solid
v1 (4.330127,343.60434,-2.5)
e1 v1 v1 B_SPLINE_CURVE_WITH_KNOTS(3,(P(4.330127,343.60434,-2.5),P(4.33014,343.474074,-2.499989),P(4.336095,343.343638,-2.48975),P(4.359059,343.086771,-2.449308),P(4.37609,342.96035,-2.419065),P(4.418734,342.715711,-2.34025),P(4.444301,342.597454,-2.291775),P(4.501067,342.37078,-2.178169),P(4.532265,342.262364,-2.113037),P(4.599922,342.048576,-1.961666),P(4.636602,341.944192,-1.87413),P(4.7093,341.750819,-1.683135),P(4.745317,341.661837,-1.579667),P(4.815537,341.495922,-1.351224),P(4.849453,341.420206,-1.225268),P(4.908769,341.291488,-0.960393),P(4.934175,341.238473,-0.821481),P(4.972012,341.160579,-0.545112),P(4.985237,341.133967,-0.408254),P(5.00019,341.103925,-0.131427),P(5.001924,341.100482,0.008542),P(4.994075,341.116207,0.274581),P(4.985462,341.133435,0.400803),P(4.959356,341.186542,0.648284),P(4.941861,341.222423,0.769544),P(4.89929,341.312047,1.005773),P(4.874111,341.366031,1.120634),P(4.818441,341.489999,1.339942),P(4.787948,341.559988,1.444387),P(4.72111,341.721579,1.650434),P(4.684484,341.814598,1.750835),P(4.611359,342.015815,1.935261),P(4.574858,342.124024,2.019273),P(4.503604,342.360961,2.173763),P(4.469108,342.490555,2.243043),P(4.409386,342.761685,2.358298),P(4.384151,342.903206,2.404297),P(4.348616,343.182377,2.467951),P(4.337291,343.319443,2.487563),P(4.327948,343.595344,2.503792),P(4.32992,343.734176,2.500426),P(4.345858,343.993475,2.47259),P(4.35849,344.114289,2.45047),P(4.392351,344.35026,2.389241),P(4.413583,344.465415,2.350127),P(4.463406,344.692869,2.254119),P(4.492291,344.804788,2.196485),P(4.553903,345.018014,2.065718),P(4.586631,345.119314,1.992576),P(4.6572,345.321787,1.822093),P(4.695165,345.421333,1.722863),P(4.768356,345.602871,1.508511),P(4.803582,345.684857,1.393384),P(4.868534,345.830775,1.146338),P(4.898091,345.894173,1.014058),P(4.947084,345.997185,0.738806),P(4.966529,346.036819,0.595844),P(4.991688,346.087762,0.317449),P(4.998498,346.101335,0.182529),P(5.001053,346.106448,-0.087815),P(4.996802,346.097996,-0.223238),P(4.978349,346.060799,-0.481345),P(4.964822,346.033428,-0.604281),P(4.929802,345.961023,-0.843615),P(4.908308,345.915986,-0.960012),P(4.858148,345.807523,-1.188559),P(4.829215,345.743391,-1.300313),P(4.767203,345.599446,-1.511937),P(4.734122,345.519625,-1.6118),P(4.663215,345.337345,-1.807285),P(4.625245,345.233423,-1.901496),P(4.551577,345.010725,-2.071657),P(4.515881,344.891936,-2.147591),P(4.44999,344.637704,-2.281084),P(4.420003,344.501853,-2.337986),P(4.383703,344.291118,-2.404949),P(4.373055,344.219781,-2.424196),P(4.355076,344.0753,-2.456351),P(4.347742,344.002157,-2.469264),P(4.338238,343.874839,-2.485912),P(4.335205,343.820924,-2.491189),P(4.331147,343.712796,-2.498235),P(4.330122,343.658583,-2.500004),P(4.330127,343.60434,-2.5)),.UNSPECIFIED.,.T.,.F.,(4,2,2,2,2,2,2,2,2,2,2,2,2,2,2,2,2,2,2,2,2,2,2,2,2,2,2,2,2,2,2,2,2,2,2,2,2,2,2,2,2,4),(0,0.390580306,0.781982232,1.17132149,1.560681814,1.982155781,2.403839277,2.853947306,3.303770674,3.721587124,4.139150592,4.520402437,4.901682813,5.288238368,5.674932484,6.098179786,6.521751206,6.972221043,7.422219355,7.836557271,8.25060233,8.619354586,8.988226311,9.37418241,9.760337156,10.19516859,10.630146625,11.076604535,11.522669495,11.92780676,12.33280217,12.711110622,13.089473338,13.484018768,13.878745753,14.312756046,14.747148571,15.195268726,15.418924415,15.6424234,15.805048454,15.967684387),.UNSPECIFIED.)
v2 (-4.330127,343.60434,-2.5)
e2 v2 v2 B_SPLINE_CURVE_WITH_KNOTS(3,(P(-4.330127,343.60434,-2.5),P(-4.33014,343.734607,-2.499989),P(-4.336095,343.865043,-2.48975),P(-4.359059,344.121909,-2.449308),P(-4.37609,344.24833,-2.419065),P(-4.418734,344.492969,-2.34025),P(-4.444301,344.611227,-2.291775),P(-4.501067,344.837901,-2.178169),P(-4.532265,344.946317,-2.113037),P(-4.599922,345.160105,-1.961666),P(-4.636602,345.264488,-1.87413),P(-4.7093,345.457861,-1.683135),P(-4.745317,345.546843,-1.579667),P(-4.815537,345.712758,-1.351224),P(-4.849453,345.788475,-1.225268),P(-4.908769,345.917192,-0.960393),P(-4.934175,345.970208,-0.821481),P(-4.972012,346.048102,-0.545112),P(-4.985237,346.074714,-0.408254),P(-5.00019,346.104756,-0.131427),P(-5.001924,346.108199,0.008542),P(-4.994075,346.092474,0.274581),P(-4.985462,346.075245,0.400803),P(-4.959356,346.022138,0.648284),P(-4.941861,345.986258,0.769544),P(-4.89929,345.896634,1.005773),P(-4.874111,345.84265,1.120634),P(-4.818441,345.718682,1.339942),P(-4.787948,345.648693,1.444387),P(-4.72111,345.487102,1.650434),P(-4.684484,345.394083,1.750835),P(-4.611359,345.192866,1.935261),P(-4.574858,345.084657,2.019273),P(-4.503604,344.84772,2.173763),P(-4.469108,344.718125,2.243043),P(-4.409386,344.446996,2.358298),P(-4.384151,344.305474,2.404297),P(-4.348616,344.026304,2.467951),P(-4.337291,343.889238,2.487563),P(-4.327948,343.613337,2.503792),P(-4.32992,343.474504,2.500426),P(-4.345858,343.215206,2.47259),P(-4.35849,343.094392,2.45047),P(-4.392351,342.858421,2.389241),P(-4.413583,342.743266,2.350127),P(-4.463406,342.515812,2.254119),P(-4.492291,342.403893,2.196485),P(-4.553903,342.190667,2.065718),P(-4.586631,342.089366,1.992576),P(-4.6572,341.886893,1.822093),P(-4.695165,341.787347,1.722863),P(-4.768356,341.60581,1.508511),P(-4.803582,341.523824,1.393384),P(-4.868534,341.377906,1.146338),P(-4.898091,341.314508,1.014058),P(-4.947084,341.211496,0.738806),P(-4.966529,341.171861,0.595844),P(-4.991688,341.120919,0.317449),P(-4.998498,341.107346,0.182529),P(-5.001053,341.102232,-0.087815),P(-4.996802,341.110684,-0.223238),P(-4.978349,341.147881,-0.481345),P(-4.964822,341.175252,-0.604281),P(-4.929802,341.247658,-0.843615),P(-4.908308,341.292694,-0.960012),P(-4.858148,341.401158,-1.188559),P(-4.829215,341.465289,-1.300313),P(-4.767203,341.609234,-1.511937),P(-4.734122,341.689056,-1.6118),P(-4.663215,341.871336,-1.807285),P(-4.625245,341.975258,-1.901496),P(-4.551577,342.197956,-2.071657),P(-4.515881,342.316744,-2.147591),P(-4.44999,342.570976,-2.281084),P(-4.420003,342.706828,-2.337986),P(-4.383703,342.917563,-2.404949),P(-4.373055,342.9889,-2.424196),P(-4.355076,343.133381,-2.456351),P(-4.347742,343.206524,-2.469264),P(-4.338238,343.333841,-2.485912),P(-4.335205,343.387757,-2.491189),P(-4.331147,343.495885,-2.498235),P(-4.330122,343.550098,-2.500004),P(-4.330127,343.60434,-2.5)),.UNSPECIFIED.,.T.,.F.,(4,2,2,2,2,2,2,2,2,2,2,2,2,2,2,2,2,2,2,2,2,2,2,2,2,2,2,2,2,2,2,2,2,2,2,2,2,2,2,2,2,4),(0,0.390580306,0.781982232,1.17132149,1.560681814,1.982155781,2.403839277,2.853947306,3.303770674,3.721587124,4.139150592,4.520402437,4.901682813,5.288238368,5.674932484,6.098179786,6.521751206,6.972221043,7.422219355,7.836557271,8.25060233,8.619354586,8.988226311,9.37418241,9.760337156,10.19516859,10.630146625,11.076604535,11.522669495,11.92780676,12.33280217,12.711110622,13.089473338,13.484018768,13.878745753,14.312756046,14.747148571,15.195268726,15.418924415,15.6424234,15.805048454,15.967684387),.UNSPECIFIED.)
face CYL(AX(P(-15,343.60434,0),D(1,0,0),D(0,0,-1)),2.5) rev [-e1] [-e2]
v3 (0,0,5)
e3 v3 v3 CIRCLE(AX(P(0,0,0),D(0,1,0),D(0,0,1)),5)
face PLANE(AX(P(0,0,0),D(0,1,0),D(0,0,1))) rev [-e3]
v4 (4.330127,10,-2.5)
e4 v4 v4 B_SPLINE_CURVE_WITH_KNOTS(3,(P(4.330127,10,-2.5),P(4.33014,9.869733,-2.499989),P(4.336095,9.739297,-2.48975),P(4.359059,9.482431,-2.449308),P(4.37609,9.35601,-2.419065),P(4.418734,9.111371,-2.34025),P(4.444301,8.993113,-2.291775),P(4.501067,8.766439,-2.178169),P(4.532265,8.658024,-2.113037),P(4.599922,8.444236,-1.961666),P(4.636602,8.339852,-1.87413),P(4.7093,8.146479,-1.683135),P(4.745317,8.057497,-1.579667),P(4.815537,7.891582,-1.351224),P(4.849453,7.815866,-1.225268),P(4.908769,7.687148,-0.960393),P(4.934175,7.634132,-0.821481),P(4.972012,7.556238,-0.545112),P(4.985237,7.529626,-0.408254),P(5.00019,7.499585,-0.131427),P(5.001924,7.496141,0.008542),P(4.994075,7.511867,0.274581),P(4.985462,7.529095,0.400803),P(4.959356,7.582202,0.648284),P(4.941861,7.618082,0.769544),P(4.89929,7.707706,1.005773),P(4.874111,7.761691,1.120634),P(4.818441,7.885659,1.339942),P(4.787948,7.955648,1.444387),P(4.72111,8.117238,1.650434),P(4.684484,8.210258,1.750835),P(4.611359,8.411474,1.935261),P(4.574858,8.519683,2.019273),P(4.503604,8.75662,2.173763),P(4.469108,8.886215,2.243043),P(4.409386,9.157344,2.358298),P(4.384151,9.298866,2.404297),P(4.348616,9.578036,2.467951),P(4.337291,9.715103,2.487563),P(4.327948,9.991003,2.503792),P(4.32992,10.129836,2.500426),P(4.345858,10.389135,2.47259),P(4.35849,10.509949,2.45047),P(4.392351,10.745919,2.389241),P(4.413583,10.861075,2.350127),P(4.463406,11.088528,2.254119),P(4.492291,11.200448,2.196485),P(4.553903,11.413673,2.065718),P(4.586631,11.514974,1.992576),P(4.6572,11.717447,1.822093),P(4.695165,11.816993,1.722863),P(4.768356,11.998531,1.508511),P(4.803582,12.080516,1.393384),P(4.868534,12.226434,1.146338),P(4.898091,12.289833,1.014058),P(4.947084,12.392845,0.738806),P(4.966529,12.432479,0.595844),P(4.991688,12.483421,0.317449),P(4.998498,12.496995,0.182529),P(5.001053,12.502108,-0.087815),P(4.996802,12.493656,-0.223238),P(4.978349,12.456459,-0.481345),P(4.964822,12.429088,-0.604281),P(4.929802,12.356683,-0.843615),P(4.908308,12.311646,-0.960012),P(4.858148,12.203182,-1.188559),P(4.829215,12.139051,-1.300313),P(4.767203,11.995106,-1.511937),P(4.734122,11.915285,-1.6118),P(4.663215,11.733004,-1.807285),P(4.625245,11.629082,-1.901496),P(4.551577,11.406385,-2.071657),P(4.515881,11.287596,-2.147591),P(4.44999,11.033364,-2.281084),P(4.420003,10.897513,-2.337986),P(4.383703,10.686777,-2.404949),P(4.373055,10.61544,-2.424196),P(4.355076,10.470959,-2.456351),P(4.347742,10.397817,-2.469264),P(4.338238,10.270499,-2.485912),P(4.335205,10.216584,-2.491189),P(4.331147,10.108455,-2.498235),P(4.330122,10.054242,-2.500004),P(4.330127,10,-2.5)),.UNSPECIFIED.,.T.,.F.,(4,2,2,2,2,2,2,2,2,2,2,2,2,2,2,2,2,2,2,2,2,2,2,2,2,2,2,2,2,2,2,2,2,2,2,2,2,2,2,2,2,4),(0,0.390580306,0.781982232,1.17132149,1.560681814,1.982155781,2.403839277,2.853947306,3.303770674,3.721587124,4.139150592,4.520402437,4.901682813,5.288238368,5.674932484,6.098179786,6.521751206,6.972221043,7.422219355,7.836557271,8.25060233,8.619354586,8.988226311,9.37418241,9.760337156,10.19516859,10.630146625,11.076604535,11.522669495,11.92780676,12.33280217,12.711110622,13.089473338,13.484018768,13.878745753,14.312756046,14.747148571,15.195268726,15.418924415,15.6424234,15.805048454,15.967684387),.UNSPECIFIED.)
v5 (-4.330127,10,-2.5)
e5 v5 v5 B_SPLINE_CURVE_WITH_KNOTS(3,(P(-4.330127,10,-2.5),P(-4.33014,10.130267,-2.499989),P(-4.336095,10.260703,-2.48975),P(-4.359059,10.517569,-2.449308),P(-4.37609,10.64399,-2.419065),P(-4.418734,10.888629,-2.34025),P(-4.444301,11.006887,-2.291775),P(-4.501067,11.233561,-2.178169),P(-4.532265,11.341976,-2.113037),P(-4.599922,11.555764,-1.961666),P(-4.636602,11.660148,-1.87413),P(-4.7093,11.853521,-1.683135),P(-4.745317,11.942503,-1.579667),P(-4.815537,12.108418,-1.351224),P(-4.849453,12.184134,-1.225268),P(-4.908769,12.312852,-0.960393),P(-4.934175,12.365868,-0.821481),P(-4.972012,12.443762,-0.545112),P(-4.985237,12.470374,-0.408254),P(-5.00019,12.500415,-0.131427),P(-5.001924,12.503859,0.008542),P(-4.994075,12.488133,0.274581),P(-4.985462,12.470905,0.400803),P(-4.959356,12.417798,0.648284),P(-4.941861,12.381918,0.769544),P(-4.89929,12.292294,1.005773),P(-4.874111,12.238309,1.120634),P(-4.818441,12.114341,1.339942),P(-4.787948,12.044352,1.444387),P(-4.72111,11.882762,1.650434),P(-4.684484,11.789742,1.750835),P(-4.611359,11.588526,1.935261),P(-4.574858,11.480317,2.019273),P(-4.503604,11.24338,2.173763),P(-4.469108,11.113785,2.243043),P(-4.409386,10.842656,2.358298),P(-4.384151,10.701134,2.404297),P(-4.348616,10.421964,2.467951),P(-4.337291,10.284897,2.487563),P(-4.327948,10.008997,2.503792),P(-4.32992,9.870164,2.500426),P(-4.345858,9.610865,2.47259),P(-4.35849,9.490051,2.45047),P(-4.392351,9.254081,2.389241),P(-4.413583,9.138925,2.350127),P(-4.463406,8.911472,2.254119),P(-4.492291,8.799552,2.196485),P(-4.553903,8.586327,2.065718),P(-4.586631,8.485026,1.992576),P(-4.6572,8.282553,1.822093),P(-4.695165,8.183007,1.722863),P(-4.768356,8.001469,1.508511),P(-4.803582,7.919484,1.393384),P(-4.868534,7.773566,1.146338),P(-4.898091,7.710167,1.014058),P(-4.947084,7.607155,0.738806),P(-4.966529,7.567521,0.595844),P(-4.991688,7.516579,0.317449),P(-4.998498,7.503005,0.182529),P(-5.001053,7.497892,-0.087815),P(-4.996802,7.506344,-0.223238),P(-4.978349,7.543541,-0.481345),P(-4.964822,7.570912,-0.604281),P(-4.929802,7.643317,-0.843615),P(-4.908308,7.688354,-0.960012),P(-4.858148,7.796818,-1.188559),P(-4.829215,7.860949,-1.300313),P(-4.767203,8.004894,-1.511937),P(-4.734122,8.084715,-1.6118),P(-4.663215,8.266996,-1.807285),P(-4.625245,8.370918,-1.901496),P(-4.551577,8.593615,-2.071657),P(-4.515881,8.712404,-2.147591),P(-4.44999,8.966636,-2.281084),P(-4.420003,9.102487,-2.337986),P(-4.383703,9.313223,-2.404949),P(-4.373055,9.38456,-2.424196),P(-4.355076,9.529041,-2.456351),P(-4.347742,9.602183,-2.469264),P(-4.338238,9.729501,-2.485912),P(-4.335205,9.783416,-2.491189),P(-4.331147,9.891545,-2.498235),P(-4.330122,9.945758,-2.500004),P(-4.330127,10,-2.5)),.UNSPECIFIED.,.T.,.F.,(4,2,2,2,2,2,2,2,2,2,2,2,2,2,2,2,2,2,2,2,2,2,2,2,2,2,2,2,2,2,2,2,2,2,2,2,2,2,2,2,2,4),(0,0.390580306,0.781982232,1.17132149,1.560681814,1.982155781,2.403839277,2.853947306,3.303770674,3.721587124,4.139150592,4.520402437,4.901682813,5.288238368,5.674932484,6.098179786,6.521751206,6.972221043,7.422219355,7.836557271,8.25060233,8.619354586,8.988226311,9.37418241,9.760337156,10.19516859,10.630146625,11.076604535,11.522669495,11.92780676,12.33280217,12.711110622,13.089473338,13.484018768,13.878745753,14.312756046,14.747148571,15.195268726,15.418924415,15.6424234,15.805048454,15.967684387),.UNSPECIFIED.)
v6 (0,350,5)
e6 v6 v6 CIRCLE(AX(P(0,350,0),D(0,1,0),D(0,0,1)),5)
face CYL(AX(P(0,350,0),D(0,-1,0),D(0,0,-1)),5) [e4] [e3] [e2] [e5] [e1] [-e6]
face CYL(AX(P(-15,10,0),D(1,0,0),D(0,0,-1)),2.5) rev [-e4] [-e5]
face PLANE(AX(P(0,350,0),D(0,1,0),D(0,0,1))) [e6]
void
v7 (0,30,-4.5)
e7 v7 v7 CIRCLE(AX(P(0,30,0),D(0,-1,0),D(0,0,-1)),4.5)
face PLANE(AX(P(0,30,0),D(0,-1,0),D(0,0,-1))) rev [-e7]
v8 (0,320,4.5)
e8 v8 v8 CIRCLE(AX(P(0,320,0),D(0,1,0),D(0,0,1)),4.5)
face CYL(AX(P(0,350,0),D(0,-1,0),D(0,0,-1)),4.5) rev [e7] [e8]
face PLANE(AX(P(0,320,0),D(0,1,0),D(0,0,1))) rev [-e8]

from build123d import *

# Parameters (mm, degrees)
SKETCH1_R           = 5
SKETCH1_R_2         = 4.5
BOSS_EXTRUDE1_DEPTH = 350
SKETCH2_R           = 5
BOSS_EXTRUDE2_DEPTH = 30
SKETCH3_R           = 5
BOSS_EXTRUDE4_DEPTH = 30
SKETCH4_R           = 2.5
CUT_EXTRUDE1_DEPTH  = 15
SKETCH5_R           = 2.5
CUT_EXTRUDE2_DEPTH  = 15


with BuildPart() as part:
    # Sketch1 → Boss-Extrude1 (new body)
    with BuildSketch(Plane(origin=(0, 0, 0), x_dir=(1, 0, 0), z_dir=(0, 1, 0))):
        Circle(SKETCH1_R)
        Circle(SKETCH1_R_2, mode=Mode.SUBTRACT)
    extrude(amount=BOSS_EXTRUDE1_DEPTH)

    # Sketch2 → Boss-Extrude2 (add)
    with BuildSketch(Plane(origin=(0, 350, 0), x_dir=(1, 0, 0), z_dir=(0, 1, 0))):
        Circle(SKETCH2_R)
    extrude(amount=-BOSS_EXTRUDE2_DEPTH)

    # Sketch3 → Boss-Extrude4 (add)
    with BuildSketch(Plane(origin=(0, 0, 0), x_dir=(-1, 0, 0), z_dir=(0, -1, 0))):
        Circle(SKETCH3_R)
    extrude(amount=-BOSS_EXTRUDE4_DEPTH)

    # Sketch4 → Cut-Extrude1 (cut, symmetric)
    with BuildSketch(Plane(origin=(0, 0, 0), x_dir=(0, 0, -1), z_dir=(1, 0, 0))):
        with Locations((0, 10)):
            Circle(SKETCH4_R)
    extrude(amount=CUT_EXTRUDE1_DEPTH, both=True, mode=Mode.SUBTRACT)

    # Sketch5 → Cut-Extrude2 (cut, symmetric)
    with BuildSketch(Plane(origin=(0, 0, 0), x_dir=(0, 0, -1), z_dir=(1, 0, 0))):
        with Locations((0, 343.604340323)):
            Circle(SKETCH5_R)
    extrude(amount=CUT_EXTRUDE2_DEPTH, both=True, mode=Mode.SUBTRACT)


solid = part.part
